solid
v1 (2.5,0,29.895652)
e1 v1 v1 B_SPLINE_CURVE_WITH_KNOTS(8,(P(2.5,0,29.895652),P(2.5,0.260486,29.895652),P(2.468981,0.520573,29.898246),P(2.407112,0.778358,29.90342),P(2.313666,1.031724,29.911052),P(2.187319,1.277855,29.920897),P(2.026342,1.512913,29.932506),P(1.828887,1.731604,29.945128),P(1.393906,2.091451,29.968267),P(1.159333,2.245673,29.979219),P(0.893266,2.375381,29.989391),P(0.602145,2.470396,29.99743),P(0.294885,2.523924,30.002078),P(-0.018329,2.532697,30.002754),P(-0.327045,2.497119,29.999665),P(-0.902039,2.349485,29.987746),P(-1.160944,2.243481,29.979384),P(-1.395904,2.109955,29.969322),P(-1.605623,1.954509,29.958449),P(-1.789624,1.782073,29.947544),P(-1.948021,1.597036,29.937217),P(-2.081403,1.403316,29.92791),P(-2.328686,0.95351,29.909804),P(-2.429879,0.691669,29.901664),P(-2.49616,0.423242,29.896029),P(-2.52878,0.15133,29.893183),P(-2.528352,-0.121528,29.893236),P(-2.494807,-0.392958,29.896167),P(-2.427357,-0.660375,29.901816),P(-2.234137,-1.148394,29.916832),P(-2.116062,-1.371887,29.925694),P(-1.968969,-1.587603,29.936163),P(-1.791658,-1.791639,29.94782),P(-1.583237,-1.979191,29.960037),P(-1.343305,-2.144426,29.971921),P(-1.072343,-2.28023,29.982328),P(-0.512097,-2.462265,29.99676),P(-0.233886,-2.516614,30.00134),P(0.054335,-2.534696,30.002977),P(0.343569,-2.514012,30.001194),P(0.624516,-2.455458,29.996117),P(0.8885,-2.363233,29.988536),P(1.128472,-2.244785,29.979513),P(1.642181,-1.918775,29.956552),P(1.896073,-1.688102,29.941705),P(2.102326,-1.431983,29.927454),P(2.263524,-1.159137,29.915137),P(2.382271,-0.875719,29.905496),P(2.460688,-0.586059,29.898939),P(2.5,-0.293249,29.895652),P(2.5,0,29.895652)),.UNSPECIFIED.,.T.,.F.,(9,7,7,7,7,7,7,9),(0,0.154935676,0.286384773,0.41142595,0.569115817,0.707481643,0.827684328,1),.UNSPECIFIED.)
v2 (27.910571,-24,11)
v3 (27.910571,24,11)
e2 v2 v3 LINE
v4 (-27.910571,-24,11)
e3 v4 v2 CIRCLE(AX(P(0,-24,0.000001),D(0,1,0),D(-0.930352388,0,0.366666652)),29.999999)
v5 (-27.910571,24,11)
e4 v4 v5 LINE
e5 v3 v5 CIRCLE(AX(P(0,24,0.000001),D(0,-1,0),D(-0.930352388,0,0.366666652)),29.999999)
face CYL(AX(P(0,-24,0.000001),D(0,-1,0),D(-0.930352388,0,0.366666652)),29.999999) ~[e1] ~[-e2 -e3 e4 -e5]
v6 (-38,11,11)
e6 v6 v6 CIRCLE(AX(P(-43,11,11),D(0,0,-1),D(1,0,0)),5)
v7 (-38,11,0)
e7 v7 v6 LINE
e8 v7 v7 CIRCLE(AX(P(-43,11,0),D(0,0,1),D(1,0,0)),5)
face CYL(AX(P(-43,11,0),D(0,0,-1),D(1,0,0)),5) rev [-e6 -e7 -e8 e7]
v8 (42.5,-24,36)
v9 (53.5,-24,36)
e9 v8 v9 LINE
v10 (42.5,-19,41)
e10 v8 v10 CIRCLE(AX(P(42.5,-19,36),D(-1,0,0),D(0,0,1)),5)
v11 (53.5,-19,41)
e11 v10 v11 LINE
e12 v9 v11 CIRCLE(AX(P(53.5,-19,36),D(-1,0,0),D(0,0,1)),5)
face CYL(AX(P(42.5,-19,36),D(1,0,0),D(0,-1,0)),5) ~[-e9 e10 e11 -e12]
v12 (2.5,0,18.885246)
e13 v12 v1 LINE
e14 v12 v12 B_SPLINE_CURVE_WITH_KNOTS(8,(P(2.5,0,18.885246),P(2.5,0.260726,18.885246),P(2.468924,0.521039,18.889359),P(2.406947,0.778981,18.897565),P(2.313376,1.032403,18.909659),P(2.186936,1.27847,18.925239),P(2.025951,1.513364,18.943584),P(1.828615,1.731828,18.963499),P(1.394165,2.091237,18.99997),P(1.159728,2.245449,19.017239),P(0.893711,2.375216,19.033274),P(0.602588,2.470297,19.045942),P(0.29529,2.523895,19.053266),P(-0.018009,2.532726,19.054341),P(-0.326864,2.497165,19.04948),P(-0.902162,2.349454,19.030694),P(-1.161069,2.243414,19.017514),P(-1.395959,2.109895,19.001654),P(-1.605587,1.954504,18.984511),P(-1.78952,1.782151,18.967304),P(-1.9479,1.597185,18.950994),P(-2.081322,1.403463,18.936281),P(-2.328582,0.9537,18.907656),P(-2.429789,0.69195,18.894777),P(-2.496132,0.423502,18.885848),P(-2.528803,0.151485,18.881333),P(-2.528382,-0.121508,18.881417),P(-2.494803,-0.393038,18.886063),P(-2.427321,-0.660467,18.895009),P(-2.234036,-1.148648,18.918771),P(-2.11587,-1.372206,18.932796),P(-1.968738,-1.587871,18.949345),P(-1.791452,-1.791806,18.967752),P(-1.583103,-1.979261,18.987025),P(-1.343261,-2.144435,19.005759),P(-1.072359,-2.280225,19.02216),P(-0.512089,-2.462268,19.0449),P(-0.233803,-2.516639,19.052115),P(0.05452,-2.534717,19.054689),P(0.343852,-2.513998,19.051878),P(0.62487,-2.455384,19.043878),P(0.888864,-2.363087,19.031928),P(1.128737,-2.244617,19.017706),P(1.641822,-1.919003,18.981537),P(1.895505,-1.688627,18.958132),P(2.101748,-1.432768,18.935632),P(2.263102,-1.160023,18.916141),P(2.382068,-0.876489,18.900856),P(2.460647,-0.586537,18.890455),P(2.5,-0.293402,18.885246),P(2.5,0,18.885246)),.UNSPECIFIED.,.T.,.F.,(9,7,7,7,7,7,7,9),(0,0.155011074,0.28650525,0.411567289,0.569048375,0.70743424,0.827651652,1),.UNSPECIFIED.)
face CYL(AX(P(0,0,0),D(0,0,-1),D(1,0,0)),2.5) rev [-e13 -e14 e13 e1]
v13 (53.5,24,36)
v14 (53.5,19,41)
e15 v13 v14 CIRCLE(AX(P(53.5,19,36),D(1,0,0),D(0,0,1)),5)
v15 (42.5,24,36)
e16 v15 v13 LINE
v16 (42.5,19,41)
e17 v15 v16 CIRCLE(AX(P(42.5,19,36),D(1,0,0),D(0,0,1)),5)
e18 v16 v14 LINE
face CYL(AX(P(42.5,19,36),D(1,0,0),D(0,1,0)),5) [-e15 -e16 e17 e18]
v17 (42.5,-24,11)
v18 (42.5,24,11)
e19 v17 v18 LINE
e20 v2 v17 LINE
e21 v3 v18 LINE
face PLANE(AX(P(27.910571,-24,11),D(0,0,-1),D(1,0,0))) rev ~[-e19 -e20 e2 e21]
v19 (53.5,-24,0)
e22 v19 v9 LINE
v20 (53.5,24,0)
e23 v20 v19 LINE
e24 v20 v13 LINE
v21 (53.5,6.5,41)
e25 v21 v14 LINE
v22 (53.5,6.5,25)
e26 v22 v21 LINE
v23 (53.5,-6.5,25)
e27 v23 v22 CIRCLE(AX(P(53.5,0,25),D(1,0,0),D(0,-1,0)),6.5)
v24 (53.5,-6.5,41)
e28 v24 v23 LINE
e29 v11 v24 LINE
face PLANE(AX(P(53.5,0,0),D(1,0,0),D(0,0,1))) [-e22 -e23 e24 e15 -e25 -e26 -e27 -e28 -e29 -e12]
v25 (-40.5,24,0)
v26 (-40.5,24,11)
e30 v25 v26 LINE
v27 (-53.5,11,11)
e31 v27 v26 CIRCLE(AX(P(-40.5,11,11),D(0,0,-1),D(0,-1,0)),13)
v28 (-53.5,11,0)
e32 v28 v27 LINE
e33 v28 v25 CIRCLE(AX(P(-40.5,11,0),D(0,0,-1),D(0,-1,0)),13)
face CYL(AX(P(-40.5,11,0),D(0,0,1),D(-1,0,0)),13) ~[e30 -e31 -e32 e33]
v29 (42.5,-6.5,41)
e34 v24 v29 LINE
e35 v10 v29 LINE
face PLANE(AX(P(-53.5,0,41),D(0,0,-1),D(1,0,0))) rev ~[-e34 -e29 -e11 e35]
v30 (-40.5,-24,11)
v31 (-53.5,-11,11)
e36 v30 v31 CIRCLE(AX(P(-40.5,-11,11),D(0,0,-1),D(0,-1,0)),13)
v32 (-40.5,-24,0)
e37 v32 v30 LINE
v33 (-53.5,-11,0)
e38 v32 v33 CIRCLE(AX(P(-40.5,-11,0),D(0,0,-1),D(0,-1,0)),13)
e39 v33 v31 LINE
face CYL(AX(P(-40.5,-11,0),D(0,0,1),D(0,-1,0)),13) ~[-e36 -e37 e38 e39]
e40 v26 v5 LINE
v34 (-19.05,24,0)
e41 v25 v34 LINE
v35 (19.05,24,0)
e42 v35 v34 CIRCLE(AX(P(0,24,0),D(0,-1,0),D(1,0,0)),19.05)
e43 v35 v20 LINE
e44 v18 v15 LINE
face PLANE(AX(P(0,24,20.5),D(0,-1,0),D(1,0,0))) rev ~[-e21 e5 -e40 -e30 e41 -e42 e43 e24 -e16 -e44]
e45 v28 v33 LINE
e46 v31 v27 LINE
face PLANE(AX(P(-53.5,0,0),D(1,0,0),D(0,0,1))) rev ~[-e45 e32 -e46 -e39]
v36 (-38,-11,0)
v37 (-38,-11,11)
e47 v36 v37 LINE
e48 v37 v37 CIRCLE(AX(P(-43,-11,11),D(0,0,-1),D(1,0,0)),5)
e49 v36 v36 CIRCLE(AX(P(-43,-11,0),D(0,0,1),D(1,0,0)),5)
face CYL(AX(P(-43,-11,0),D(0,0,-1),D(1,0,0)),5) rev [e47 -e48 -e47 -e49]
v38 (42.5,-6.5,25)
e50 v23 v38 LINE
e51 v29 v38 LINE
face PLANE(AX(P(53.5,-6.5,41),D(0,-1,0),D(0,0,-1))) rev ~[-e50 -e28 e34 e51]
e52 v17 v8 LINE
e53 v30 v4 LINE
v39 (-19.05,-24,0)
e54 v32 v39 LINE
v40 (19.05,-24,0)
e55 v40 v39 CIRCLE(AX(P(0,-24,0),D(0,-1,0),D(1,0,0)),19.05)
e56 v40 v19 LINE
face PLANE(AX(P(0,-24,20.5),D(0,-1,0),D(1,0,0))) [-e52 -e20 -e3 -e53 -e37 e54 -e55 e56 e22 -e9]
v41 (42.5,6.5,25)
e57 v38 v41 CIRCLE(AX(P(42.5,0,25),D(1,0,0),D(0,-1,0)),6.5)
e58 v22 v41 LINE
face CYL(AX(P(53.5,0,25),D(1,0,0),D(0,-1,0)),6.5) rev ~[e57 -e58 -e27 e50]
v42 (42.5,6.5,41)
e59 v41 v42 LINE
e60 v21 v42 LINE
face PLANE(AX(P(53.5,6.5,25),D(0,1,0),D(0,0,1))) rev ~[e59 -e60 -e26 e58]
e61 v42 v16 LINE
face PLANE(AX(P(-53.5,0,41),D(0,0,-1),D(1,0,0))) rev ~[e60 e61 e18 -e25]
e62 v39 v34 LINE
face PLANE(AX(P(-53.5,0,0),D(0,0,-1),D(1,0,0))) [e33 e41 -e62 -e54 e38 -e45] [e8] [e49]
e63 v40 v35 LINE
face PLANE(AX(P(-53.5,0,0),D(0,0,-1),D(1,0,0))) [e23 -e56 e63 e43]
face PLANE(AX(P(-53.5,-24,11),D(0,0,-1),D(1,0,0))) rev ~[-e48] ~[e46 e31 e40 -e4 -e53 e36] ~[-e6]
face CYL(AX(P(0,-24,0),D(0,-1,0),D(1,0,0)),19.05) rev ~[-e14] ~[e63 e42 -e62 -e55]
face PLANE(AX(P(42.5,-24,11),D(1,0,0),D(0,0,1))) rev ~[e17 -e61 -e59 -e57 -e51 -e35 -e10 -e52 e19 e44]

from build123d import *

# Parameters (mm, degrees)
F0_W     = 107
F0_H     = 41
F1_DEPTH = 24
F3_DEPTH = 48.001
F4_R     = 5
F5_R     = 13
F6_R     = 2.5
F6_R_2   = 5
F7_DEPTH = 41.001
F9_DEPTH = 11


with BuildPart() as f1:
    # F0 (on Front) → F1 (new body, symmetric)
    with BuildSketch(Plane.XZ):
        with Locations((0, 20.5)):
            Rectangle(F0_W, F0_H)
    extrude(amount=F1_DEPTH, both=True)

    # F2 (on face) → F3 (cut, through all)
    with BuildSketch(Plane.XZ.offset(24)):
        with BuildLine():
            ThreePointArc((-27.910571, 11), (0, 30), (27.910571, 11))
            Line((27.910571, 11), (42.5, 11))
            Line((42.5, 11), (42.5, 41))
            Line((42.5, 41), (-53.5, 41))
            Line((-53.5, 41), (-53.5, 11))
            Line((-53.5, 11), (-27.910571, 11))
        make_face()
        with BuildLine():
            Line((-19.05, 0), (19.05, 0))
            ThreePointArc((19.05, 0), (0, 19.05), (-19.05, 0))
        make_face()
    extrude(amount=-F3_DEPTH, mode=Mode.SUBTRACT)

    # F4
    f4_edges = [f1.edges().sort_by_distance(p)[0] for p in [
        (48, -24, 41),
        (48, 24, 41),
    ]]
    fillet(f4_edges, radius=F4_R)

    # F5
    f5_edges = [f1.edges().sort_by_distance(p)[0] for p in [
        (-53.5, -24, 5.5),
        (-53.5, 24, 5.5),
    ]]
    fillet(f5_edges, radius=F5_R)

    # F6 (on Top) → F7 (cut, through all)
    with BuildSketch(Plane.XY):
        Circle(F6_R)
        with Locations((-43, -11)):
            Circle(F6_R_2)
        with Locations((-43, 11)):
            Circle(F6_R_2)
    extrude(amount=F7_DEPTH, mode=Mode.SUBTRACT)

    # F8 (on face) → F9 (cut, through all)
    with BuildSketch(Plane.YZ.offset(53.5)):
        with BuildLine():
            Line((6.5, 41), (-6.5, 41))
            Line((-6.5, 41), (-6.5, 25))
            ThreePointArc((-6.5, 25), (0, 18.5), (6.5, 25))
            Line((6.5, 25), (6.5, 41))
        make_face()
    extrude(amount=-F9_DEPTH, mode=Mode.SUBTRACT)


solid = f1.part
